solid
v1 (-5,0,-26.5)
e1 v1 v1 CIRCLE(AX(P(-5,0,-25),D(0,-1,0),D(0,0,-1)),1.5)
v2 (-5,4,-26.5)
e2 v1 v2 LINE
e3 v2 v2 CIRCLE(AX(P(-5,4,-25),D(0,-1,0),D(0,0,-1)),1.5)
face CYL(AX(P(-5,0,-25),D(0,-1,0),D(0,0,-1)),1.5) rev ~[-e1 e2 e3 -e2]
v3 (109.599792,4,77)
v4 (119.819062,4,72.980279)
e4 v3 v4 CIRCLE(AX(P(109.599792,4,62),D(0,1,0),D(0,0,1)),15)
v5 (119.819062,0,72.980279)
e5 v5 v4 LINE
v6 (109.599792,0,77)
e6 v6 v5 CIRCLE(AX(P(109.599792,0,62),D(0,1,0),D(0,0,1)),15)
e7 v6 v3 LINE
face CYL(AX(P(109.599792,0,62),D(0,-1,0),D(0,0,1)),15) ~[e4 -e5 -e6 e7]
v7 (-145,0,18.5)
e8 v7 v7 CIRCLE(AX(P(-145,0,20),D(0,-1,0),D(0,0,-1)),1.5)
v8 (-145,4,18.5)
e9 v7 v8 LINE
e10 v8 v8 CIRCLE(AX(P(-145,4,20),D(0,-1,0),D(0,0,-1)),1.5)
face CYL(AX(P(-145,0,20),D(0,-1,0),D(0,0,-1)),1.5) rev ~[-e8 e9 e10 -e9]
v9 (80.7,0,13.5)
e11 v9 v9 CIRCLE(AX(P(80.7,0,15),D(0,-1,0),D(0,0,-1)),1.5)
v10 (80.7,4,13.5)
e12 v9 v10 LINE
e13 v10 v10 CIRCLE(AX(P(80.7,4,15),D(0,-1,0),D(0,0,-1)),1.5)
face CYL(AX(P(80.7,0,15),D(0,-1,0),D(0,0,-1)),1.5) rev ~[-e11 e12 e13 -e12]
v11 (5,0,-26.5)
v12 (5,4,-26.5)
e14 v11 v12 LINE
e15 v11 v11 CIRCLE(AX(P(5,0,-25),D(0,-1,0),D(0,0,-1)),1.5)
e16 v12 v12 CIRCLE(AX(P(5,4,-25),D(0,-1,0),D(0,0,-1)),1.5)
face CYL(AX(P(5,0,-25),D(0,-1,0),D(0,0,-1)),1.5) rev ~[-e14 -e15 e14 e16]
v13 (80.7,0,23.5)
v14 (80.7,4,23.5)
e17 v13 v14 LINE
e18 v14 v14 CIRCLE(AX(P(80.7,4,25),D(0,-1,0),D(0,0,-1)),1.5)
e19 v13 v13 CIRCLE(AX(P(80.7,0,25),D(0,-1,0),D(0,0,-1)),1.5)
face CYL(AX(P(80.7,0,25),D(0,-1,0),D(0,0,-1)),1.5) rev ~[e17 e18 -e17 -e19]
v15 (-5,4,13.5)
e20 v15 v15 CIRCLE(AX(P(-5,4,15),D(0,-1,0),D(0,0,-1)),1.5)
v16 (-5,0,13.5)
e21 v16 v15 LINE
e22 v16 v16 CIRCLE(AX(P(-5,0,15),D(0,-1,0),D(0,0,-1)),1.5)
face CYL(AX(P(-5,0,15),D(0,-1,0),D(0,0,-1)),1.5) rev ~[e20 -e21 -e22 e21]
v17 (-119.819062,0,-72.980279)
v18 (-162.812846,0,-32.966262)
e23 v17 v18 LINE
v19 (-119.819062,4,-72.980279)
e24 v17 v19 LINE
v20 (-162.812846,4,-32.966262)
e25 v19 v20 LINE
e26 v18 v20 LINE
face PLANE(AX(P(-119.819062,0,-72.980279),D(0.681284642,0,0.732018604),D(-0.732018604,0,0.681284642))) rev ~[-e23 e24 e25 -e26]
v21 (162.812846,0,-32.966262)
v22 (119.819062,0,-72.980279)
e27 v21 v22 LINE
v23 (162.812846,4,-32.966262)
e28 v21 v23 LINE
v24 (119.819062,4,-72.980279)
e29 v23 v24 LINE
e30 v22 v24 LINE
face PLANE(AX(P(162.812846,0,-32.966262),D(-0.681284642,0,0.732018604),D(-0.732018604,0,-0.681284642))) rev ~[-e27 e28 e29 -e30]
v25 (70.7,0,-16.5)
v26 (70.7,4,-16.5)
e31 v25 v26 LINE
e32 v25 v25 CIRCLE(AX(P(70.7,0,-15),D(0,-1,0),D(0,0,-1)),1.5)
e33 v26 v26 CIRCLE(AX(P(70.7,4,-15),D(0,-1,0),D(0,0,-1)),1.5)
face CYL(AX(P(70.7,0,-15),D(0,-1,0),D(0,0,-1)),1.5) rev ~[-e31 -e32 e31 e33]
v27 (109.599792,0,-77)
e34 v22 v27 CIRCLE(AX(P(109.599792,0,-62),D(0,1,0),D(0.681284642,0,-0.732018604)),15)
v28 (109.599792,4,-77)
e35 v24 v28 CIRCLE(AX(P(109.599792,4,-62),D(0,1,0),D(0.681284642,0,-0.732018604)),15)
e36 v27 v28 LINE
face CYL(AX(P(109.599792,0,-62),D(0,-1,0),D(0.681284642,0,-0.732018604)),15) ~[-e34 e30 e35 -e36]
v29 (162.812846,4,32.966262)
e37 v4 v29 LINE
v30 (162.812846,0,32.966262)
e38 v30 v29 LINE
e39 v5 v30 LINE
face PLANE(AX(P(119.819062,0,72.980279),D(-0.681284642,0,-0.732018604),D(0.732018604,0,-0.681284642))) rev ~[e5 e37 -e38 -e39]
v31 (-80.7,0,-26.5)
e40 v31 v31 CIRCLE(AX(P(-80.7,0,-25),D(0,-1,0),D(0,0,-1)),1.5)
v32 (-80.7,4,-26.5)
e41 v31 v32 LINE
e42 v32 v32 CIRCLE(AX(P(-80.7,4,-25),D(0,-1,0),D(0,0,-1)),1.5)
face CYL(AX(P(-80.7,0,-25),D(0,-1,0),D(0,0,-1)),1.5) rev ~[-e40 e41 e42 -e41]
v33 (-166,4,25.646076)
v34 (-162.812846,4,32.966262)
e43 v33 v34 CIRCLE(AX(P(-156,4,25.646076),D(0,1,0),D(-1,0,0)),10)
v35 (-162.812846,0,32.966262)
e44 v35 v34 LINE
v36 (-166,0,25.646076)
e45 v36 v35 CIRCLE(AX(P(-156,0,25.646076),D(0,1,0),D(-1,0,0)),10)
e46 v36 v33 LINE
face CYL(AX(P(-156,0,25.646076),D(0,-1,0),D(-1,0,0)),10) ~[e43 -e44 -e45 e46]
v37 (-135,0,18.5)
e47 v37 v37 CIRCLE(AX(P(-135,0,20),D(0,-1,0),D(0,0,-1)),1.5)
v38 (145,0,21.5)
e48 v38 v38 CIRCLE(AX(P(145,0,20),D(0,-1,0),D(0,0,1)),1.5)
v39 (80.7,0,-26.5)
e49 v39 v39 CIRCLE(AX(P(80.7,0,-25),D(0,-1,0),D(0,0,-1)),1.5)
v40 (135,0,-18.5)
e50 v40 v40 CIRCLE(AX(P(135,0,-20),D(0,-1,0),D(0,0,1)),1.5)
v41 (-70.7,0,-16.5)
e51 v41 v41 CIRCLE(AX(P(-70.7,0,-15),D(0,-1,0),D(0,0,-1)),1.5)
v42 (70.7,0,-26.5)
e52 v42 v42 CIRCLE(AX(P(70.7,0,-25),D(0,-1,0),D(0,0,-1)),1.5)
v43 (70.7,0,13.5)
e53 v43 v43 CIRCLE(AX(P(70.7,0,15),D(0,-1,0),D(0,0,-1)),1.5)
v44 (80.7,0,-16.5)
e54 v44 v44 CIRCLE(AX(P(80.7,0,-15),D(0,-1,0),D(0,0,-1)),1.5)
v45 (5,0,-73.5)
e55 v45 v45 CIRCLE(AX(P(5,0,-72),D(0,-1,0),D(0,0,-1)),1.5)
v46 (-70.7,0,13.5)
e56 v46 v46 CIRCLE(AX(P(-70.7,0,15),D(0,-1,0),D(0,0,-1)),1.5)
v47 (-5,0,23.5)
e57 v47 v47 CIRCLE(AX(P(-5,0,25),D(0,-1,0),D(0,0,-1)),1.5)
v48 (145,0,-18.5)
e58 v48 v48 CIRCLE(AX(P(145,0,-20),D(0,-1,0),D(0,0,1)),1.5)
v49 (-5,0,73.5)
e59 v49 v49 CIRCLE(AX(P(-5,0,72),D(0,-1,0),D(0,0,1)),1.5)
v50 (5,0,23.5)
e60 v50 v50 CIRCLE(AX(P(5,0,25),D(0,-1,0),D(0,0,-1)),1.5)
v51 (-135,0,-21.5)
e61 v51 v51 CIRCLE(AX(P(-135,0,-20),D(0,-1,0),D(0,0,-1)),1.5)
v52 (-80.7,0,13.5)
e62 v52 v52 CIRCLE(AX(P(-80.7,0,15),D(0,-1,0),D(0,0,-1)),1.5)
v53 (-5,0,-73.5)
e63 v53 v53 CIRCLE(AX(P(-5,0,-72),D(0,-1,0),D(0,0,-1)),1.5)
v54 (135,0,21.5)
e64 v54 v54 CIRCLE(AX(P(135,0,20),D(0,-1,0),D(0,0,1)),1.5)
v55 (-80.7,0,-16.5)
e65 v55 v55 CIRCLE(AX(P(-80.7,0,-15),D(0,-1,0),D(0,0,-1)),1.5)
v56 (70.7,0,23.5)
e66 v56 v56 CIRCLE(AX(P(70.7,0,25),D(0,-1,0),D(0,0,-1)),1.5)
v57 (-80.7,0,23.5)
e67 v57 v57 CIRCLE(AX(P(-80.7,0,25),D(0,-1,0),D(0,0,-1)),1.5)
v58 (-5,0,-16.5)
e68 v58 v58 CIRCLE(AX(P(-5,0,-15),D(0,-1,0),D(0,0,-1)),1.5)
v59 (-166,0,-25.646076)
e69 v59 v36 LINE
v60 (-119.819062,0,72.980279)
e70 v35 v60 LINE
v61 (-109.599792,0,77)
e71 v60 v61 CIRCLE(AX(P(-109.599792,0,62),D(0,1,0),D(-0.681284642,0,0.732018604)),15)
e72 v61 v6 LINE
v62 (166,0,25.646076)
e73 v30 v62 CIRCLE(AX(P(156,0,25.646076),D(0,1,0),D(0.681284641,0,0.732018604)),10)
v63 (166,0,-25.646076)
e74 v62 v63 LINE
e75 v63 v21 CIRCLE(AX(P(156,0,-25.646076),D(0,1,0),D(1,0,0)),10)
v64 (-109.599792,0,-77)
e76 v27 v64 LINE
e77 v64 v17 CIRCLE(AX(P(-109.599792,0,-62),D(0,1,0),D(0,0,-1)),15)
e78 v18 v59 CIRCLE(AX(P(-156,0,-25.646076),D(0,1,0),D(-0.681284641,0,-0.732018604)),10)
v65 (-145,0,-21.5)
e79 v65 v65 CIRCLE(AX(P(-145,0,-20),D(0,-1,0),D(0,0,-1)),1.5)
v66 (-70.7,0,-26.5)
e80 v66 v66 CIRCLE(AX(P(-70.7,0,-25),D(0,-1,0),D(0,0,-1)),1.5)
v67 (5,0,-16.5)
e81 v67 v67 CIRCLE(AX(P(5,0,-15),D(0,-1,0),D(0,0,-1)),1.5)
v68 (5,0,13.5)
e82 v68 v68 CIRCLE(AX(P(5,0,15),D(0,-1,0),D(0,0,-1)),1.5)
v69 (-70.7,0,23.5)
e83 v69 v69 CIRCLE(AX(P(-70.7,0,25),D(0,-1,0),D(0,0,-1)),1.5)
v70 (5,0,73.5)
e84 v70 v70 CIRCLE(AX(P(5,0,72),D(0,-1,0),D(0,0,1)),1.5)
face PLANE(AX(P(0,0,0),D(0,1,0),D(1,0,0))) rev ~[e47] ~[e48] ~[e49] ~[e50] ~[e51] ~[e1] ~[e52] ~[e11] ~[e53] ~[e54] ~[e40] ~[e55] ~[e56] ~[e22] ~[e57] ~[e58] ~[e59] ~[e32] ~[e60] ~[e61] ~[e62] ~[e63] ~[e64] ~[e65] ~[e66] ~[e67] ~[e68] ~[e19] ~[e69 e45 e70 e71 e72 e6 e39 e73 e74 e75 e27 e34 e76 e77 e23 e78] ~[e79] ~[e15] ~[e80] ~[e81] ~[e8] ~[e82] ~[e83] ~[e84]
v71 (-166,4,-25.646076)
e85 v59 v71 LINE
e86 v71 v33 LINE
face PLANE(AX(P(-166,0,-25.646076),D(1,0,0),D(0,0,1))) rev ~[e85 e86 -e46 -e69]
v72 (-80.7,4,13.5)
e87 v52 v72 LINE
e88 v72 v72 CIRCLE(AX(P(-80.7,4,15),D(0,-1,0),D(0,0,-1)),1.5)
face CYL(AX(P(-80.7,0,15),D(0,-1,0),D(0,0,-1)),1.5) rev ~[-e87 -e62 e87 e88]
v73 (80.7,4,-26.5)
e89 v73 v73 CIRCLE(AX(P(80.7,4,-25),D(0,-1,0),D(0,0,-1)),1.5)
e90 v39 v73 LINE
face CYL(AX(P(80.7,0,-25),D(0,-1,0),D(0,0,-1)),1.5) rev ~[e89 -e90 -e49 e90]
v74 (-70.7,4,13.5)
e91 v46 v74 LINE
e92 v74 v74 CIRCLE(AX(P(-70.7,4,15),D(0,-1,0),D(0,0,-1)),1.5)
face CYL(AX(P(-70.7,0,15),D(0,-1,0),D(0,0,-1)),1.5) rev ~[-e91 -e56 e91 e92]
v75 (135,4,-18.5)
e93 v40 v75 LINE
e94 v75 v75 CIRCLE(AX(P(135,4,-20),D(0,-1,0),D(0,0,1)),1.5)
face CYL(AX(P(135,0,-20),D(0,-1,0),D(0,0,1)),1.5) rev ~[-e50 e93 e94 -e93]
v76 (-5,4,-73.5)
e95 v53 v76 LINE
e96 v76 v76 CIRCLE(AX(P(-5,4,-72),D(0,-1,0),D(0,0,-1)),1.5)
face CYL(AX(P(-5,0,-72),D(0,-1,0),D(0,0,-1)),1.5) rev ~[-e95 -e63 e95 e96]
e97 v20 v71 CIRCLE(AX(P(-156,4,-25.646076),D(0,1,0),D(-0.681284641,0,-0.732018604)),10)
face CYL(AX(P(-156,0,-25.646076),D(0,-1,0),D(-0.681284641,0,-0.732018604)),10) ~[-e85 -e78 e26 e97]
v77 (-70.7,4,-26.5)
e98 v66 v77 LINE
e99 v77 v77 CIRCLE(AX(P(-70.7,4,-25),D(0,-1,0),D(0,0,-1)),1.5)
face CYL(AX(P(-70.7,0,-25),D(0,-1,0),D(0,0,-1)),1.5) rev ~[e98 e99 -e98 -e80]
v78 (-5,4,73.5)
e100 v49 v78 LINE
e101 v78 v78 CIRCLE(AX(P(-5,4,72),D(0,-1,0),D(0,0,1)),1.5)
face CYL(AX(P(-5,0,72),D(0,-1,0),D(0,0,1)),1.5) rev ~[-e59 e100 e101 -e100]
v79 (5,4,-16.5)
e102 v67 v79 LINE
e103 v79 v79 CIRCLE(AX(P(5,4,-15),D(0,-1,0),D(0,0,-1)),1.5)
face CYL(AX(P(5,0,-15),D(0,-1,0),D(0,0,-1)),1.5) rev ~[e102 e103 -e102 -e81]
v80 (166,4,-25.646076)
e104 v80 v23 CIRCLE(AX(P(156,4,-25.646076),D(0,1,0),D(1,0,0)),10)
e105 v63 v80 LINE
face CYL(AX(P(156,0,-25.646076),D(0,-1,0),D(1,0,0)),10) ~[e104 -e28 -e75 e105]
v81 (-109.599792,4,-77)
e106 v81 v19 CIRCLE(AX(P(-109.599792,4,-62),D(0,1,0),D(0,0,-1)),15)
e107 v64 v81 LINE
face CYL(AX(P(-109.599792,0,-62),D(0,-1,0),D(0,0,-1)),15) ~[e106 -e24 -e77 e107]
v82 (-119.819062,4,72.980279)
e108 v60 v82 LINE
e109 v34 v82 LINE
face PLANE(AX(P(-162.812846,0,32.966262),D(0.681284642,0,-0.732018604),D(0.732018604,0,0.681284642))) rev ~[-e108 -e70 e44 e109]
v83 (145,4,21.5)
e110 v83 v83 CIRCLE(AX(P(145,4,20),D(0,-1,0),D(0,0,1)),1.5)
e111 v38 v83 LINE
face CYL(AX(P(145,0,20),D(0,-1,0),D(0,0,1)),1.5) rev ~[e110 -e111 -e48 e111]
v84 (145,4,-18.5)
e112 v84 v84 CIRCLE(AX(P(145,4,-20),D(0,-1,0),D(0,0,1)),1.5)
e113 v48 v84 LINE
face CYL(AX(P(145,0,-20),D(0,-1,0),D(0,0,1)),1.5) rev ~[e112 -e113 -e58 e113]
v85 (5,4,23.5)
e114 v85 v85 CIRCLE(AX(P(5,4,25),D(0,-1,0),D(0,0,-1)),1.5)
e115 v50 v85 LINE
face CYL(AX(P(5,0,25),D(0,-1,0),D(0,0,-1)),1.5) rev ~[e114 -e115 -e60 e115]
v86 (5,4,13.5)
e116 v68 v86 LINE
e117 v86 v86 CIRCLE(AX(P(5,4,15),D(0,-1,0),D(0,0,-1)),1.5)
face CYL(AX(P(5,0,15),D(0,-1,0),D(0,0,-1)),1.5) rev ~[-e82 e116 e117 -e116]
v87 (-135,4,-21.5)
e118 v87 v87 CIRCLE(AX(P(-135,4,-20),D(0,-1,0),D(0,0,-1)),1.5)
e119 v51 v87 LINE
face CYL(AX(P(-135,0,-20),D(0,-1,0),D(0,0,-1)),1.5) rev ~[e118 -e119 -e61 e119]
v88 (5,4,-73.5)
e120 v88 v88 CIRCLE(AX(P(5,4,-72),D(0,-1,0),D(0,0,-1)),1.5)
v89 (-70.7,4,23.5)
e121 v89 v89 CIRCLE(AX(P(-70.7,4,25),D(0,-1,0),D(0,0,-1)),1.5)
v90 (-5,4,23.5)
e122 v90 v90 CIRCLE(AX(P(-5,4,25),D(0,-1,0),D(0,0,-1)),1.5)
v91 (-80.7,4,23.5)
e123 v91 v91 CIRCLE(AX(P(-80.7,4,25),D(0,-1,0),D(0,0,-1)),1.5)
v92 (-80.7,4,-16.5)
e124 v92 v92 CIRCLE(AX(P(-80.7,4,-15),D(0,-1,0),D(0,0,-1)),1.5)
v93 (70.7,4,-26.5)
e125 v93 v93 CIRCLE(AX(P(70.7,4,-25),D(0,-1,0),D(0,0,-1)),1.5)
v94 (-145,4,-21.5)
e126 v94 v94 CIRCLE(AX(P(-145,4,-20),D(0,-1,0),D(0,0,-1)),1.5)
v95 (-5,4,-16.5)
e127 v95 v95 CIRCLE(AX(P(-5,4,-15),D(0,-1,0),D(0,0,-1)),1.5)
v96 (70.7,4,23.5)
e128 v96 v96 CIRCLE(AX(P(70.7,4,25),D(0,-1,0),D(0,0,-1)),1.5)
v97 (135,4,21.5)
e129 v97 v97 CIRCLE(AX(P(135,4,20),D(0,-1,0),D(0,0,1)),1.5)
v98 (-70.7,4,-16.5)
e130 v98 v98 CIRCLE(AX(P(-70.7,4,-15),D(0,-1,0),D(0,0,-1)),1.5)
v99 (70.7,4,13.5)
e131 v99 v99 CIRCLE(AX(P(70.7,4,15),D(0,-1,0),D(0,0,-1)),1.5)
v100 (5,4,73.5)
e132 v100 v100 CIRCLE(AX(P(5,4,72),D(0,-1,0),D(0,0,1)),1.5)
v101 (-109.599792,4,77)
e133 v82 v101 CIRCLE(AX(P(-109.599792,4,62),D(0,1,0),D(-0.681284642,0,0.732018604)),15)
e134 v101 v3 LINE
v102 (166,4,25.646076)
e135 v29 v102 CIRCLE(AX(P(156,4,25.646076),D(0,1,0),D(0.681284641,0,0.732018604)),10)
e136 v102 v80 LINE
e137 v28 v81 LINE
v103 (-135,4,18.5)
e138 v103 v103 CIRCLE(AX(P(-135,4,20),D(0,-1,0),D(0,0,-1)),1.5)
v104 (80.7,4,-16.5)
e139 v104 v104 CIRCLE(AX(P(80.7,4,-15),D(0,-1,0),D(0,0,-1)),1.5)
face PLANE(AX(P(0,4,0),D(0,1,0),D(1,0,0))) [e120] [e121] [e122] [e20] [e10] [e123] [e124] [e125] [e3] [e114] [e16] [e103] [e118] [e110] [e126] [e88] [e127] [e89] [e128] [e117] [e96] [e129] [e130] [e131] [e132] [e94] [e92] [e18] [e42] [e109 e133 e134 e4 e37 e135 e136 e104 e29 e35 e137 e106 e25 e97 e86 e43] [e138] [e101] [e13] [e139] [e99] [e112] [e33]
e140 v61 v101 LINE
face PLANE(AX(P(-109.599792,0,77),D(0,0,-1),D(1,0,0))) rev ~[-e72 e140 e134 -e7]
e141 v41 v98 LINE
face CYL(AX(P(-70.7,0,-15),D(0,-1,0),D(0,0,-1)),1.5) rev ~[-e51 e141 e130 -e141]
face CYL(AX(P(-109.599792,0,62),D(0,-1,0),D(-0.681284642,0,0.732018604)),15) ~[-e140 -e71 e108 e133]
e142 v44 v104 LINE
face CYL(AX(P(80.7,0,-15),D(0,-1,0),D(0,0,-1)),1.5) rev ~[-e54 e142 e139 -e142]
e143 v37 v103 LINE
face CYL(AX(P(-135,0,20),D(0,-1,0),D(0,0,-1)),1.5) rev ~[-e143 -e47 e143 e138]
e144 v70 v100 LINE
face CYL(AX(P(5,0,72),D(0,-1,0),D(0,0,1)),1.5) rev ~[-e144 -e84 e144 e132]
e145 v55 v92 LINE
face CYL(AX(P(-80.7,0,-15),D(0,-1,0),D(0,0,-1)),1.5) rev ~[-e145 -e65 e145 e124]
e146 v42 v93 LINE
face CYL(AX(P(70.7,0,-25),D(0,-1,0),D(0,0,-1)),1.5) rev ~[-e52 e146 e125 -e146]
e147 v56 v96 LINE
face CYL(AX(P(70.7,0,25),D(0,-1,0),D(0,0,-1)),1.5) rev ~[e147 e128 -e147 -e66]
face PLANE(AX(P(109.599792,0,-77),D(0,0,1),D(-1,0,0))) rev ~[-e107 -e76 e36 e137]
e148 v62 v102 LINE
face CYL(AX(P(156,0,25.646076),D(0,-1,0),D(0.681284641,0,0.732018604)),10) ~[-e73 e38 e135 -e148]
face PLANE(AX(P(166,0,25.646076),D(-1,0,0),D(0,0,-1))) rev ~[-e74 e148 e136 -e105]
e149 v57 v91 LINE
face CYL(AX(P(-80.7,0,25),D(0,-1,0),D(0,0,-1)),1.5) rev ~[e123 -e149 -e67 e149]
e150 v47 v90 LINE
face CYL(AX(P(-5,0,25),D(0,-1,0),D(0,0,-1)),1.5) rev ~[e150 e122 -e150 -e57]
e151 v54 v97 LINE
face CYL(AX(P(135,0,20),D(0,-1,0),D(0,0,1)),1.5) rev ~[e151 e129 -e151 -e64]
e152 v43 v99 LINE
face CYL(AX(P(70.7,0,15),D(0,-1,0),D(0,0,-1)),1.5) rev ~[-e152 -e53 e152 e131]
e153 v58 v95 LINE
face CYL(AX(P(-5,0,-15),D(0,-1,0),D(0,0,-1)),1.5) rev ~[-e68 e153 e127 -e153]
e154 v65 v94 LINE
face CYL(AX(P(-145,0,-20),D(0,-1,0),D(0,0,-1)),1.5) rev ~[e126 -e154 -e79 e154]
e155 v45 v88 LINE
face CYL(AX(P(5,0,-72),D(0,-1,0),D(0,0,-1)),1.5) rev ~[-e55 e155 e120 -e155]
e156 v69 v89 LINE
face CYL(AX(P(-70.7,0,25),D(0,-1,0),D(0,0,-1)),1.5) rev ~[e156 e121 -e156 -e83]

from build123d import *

# Parameters (mm, degrees)
EXTRUDE_1_DEPTH     = 4
SKETCH_2_R          = 1.5
CUT_EXTRUDE_1_DEPTH = 184.032783949


with BuildPart() as part:
    # 草图1 → 凸台-拉伸1 (new body)
    with BuildSketch(Plane(origin=(0, 0, 0), x_dir=(1, 0, 0), z_dir=(0, 1, 0))):
        with BuildLine():
            Line((-119.819061856, 72.980279065), (-162.812846416, 32.966261751))
            ThreePointArc((-162.812846416, 32.966261751), (-165.168654868, 29.638038623), (-166, 25.646075708))
            Line((-166, 25.646075708), (-166, -25.646075708))
            ThreePointArc((-166, -25.646075708), (-165.168654868, -29.638038623), (-162.812846416, -32.966261751))
            Line((-162.812846416, -32.966261751), (-119.819061856, -72.980279065))
            ThreePointArc((-119.819061856, -72.980279065), (-115.090503207, -75.958943119), (-109.599792231, -77))
            Line((-109.599792231, -77), (109.599792231, -77))
            ThreePointArc((109.599792231, -77), (115.090503207, -75.958943119), (119.819061856, -72.980279065))
            Line((119.819061856, -72.980279065), (162.812846416, -32.966261751))
            ThreePointArc((162.812846416, -32.966261751), (165.168654868, -29.638038623), (166, -25.646075708))
            Line((166, -25.646075708), (166, 25.646075708))
            ThreePointArc((166, 25.646075708), (165.168654868, 29.638038623), (162.812846416, 32.966261751))
            Line((162.812846416, 32.966261751), (119.819061856, 72.980279065))
            ThreePointArc((119.819061856, 72.980279065), (115.090503207, 75.958943119), (109.599792231, 77))
            Line((109.599792231, 77), (-109.599792231, 77))
            ThreePointArc((-109.599792231, 77), (-115.090503207, 75.958943119), (-119.819061856, 72.980279065))
        make_face()
    extrude(amount=EXTRUDE_1_DEPTH)

    # 草图2 → 切除-拉伸1 (cut, through all)
    with BuildSketch(Plane.XZ):
        with Locations(Location((5, 25, 0), (0, 0, 270))):
            Circle(SKETCH_2_R)
        with Locations(Location((-5, 25, 0), (0, 0, 270))):
            Circle(SKETCH_2_R)
        with Locations(Location((-5, 15, 0), (0, 0, 270))):
            Circle(SKETCH_2_R)
        with Locations(Location((5, 15, 0), (0, 0, 270))):
            Circle(SKETCH_2_R)
        with Locations(Location((-5, -15, 0), (0, 0, 270))):
            Circle(SKETCH_2_R)
        with Locations(Location((5, -15, 0), (0, 0, 270))):
            Circle(SKETCH_2_R)
        with Locations(Location((-5, -25, 0), (0, 0, 270))):
            Circle(SKETCH_2_R)
        with Locations(Location((5, -25, 0), (0, 0, 270))):
            Circle(SKETCH_2_R)
        with Locations(Location((-70.7, -15, 0), (0, 0, 270))):
            Circle(SKETCH_2_R)
        with Locations(Location((-70.7, -25, 0), (0, 0, 270))):
            Circle(SKETCH_2_R)
        with Locations(Location((-80.7, -25, 0), (0, 0, 270))):
            Circle(SKETCH_2_R)
        with Locations(Location((-80.7, -15, 0), (0, 0, 270))):
            Circle(SKETCH_2_R)
        with Locations(Location((-70.7, 25, 0), (0, 0, 270))):
            Circle(SKETCH_2_R)
        with Locations(Location((-80.7, 25, 0), (0, 0, 270))):
            Circle(SKETCH_2_R)
        with Locations(Location((-80.7, 15, 0), (0, 0, 270))):
            Circle(SKETCH_2_R)
        with Locations(Location((-70.7, 15, 0), (0, 0, 270))):
            Circle(SKETCH_2_R)
        with Locations(Location((70.7, 25, 0), (0, 0, 270))):
            Circle(SKETCH_2_R)
        with Locations(Location((70.7, 15, 0), (0, 0, 270))):
            Circle(SKETCH_2_R)
        with Locations(Location((80.7, 15, 0), (0, 0, 270))):
            Circle(SKETCH_2_R)
        with Locations(Location((80.7, 25, 0), (0, 0, 270))):
            Circle(SKETCH_2_R)
        with Locations(Location((70.7, -15, 0), (0, 0, 270))):
            Circle(SKETCH_2_R)
        with Locations(Location((80.7, -15, 0), (0, 0, 270))):
            Circle(SKETCH_2_R)
        with Locations(Location((70.7, -25, 0), (0, 0, 270))):
            Circle(SKETCH_2_R)
        with Locations(Location((80.7, -25, 0), (0, 0, 270))):
            Circle(SKETCH_2_R)
        with Locations(Location((5, -72, 0), (0, 0, 270))):
            Circle(SKETCH_2_R)
        with Locations(Location((-5, -72, 0), (0, 0, 270))):
            Circle(SKETCH_2_R)
        with Locations(Location((-5, 72, 0), (0, 0, 90))):
            Circle(SKETCH_2_R)
        with Locations(Location((5, 72, 0), (0, 0, 90))):
            Circle(SKETCH_2_R)
        with Locations(Location((-145, 20, 0), (0, 0, 270))):
            Circle(SKETCH_2_R)
        with Locations(Location((-135, 20, 0), (0, 0, 270))):
            Circle(SKETCH_2_R)
        with Locations(Location((-145, -20, 0), (0, 0, 270))):
            Circle(SKETCH_2_R)
        with Locations(Location((-135, -20, 0), (0, 0, 270))):
            Circle(SKETCH_2_R)
        with Locations(Location((145, 20, 0), (0, 0, 90))):
            Circle(SKETCH_2_R)
        with Locations(Location((135, -20, 0), (0, 0, 90))):
            Circle(SKETCH_2_R)
        with Locations(Location((135, 20, 0), (0, 0, 90))):
            Circle(SKETCH_2_R)
        with Locations(Location((145, -20, 0), (0, 0, 90))):
            Circle(SKETCH_2_R)
    extrude(amount=-CUT_EXTRUDE_1_DEPTH, mode=Mode.SUBTRACT)


solid = part.part
